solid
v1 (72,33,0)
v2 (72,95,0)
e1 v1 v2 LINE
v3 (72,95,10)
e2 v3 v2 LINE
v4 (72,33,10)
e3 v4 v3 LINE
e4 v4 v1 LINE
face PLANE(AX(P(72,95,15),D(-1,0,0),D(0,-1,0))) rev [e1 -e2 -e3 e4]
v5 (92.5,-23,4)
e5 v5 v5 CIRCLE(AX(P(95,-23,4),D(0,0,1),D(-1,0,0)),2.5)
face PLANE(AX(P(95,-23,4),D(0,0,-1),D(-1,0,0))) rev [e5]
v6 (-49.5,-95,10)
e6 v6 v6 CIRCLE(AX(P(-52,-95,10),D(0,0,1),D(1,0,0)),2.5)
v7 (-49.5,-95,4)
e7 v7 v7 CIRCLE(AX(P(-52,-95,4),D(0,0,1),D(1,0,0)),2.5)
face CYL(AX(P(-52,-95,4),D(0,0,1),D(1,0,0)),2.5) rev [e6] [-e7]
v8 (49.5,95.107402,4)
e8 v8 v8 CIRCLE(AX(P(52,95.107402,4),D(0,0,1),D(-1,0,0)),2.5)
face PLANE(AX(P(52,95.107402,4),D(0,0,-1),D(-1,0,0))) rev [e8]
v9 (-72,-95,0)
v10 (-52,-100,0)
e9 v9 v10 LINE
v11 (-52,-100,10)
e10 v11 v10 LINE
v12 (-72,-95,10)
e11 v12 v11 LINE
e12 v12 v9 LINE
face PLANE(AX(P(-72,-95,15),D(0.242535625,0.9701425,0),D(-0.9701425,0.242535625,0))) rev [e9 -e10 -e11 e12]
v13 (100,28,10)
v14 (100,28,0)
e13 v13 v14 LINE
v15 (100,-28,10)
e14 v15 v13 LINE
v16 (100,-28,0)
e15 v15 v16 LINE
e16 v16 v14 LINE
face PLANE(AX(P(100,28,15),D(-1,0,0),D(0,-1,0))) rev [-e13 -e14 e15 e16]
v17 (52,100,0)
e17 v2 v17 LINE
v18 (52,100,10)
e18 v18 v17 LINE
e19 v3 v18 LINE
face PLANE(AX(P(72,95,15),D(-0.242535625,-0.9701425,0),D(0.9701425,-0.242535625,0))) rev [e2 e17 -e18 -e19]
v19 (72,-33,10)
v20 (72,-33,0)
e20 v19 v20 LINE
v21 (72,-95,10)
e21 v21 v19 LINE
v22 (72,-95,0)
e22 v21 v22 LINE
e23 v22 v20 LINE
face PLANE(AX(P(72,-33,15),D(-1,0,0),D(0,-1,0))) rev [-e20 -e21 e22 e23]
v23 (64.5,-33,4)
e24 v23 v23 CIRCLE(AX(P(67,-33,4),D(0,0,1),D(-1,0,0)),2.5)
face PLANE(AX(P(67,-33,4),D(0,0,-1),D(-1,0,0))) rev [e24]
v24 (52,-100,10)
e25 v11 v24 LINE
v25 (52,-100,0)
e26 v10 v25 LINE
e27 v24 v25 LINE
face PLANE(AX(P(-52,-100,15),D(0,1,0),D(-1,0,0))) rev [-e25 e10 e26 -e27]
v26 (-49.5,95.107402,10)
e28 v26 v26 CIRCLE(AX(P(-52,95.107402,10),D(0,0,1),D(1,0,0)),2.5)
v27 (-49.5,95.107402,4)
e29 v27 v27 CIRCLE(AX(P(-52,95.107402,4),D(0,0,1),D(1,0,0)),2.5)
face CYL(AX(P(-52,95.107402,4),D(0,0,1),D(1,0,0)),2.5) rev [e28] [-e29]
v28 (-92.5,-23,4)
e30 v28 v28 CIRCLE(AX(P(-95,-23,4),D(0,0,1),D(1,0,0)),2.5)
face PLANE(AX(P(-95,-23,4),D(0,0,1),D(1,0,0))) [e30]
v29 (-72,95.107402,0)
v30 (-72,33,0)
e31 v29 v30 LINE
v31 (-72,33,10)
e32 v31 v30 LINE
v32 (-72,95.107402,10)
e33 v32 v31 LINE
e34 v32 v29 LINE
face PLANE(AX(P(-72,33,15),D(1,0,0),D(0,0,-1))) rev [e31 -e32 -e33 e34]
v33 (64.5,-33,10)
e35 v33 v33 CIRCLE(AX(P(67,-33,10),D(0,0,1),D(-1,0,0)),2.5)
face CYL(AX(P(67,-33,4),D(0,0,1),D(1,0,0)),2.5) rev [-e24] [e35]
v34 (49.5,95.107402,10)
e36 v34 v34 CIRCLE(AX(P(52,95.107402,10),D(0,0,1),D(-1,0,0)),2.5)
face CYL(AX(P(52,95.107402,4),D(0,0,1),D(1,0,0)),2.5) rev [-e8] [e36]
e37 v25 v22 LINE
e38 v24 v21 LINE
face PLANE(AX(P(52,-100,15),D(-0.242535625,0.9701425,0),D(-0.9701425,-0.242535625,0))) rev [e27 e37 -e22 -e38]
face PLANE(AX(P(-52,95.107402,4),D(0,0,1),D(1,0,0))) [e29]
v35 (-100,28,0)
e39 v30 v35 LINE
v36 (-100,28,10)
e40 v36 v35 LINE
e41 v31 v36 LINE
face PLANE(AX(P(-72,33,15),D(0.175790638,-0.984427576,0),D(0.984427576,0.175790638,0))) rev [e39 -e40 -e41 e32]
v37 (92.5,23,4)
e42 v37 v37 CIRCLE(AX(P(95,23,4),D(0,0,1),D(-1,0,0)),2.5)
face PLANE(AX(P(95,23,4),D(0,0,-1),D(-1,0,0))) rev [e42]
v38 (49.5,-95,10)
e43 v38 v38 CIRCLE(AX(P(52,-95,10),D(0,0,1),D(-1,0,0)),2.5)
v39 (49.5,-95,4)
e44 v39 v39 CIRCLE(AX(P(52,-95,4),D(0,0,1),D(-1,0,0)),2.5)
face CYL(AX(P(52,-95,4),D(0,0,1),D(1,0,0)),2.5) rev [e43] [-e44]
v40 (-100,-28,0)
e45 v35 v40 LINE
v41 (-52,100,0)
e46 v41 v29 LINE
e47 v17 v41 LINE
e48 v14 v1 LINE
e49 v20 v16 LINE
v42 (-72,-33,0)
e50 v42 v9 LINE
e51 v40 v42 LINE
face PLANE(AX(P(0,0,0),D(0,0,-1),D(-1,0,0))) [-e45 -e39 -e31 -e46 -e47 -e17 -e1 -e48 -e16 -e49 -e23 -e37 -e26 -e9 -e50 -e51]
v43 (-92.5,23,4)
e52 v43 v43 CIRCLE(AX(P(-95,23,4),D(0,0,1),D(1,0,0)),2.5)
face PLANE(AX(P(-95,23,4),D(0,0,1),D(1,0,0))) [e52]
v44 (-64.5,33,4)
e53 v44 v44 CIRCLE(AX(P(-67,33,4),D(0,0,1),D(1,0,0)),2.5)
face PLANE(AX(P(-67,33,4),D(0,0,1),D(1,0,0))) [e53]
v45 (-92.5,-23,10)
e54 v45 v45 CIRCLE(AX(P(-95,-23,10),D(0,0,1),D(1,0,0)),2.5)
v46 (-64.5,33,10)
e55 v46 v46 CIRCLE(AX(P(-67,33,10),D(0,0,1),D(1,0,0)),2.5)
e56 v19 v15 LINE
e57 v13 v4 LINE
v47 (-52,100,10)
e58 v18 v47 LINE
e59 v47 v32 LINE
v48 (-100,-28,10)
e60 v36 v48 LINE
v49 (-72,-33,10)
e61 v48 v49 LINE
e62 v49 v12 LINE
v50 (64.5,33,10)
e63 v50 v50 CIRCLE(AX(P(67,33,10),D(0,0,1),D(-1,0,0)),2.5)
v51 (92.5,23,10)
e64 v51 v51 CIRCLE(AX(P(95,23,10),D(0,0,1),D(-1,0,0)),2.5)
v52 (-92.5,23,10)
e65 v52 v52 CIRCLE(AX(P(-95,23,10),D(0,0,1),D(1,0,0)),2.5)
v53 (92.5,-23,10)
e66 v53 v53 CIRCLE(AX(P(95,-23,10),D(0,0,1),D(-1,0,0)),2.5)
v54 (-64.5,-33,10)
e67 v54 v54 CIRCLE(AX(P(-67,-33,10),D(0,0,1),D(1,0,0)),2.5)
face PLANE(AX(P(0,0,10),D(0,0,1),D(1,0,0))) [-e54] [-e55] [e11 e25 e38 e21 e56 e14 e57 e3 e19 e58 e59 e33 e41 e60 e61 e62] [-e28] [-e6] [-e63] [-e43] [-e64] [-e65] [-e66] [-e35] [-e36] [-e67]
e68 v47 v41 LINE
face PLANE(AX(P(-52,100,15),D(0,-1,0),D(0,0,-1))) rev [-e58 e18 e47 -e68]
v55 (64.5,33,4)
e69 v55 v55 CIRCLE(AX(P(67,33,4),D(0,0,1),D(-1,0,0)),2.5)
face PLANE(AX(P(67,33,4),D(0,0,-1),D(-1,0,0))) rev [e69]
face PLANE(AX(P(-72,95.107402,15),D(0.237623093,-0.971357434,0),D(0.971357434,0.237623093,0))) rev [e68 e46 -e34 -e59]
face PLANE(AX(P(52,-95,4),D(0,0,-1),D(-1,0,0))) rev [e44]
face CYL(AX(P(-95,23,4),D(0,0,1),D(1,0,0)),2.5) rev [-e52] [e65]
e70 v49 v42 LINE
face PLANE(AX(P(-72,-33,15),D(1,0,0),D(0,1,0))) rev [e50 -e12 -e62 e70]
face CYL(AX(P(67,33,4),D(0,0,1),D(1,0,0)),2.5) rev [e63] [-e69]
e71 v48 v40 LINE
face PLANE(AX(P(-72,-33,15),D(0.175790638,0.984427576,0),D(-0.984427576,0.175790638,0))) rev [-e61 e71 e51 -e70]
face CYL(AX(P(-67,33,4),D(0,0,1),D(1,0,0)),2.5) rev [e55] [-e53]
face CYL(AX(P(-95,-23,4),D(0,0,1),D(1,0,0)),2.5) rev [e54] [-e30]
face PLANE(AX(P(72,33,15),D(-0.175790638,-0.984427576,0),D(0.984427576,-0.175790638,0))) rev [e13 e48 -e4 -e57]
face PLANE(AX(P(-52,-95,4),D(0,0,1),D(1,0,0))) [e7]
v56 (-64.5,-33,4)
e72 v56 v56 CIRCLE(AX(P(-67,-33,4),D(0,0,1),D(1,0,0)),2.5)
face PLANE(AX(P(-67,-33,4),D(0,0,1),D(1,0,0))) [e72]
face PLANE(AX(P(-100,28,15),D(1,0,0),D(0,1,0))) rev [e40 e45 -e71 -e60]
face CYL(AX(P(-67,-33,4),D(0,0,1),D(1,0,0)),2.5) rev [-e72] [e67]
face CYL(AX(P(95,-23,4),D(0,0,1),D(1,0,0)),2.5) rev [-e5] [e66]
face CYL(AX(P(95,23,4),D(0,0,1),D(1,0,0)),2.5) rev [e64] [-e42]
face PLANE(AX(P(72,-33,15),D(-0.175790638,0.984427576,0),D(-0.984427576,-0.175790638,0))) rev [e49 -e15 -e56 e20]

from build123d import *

# Parameters (mm, degrees)
BOSS_EXTRUDE2_DEPTH = 15
SKETCH2_W           = 3
SKETCH2_H           = 20
CUT_EXTRUDE2_DEPTH  = 10
SKETCH4_W           = 3
SKETCH4_H           = 20
BOSS_EXTRUDE5_DEPTH = 10
CUT_EXTRUDE3_DEPTH  = 5
SKETCH6_R           = 2.5
CUT_EXTRUDE4_DEPTH  = 6


with BuildPart() as part:
    # Sketch1 → Boss-Extrude2 (new body)
    with BuildSketch(Plane.XY):
        Polygon((-52, 100), (52, 100), (72, 95), (72, 33), (100, 28), (100, -28), (72, -33), (72, -95), (52, -100), (-52, -100), (-72, -95), (-72, -33), (-100, -28), (-100, 28), (-72, 33), (-72, 95.107401563), align=None)
    extrude(amount=BOSS_EXTRUDE2_DEPTH)

    # Sketch2 → Cut-Extrude2 (cut)
    with BuildSketch(Plane.XY.offset(15)):
        with Locations((-69.5, 80.352031484)):
            Rectangle(SKETCH2_W, SKETCH2_H)
        with Locations((-69.5, 43)):
            Rectangle(SKETCH2_W, SKETCH2_H)
    extrude(amount=-CUT_EXTRUDE2_DEPTH, mode=Mode.SUBTRACT)

    # Sketch4 → Boss-Extrude5 (add)
    with BuildSketch(Plane.XY.offset(15)):
        Polygon((-71, 90.352031484), (-68, 90.352031484), (-68, 70.352031484), (-69.5, 70.352031484), (-71, 70.352031484), align=None)
        with Locations((-69.5, 43)):
            Rectangle(SKETCH4_W, SKETCH4_H)
    extrude(amount=-BOSS_EXTRUDE5_DEPTH)

    # Sketch5 → Cut-Extrude3 (cut)
    with BuildSketch(Plane.XY.offset(15)):
        Polygon((-72, 95.107401563), (-72, 33), (-100, 28), (-100, -28), (-72, -33), (-72, -95), (-52, -100), (52, -100), (72, -95), (72, -33), (100, -28), (100, 28), (72, 33), (72, 95), (52, 100), (-52, 100), align=None)
    extrude(amount=-CUT_EXTRUDE3_DEPTH, mode=Mode.SUBTRACT)

    # Sketch6 → Cut-Extrude4 (cut)
    with BuildSketch(Plane.XY.offset(10)):
        with Locations((-52, 95.107401563)):
            Circle(SKETCH6_R)
        with Locations((-52, -95)):
            Circle(SKETCH6_R)
        with Locations((-67, -33)):
            Circle(SKETCH6_R)
        with Locations((-67, 33)):
            Circle(SKETCH6_R)
        with Locations((-95, 23)):
            Circle(SKETCH6_R)
        with Locations((-95, -23)):
            Circle(SKETCH6_R)
        with Locations(Location((95, -23, 0), (0, 0, 180))):
            Circle(SKETCH6_R)
        with Locations(Location((95, 23, 0), (0, 0, 180))):
            Circle(SKETCH6_R)
        with Locations(Location((67, 33, 0), (0, 0, 180))):
            Circle(SKETCH6_R)
        with Locations(Location((67, -33, 0), (0, 0, 180))):
            Circle(SKETCH6_R)
        with Locations(Location((52, -95, 0), (0, 0, 180))):
            Circle(SKETCH6_R)
        with Locations(Location((52, 95.107401563, 0), (0, 0, 180))):
            Circle(SKETCH6_R)
    extrude(amount=-CUT_EXTRUDE4_DEPTH, mode=Mode.SUBTRACT)


solid = part.part
